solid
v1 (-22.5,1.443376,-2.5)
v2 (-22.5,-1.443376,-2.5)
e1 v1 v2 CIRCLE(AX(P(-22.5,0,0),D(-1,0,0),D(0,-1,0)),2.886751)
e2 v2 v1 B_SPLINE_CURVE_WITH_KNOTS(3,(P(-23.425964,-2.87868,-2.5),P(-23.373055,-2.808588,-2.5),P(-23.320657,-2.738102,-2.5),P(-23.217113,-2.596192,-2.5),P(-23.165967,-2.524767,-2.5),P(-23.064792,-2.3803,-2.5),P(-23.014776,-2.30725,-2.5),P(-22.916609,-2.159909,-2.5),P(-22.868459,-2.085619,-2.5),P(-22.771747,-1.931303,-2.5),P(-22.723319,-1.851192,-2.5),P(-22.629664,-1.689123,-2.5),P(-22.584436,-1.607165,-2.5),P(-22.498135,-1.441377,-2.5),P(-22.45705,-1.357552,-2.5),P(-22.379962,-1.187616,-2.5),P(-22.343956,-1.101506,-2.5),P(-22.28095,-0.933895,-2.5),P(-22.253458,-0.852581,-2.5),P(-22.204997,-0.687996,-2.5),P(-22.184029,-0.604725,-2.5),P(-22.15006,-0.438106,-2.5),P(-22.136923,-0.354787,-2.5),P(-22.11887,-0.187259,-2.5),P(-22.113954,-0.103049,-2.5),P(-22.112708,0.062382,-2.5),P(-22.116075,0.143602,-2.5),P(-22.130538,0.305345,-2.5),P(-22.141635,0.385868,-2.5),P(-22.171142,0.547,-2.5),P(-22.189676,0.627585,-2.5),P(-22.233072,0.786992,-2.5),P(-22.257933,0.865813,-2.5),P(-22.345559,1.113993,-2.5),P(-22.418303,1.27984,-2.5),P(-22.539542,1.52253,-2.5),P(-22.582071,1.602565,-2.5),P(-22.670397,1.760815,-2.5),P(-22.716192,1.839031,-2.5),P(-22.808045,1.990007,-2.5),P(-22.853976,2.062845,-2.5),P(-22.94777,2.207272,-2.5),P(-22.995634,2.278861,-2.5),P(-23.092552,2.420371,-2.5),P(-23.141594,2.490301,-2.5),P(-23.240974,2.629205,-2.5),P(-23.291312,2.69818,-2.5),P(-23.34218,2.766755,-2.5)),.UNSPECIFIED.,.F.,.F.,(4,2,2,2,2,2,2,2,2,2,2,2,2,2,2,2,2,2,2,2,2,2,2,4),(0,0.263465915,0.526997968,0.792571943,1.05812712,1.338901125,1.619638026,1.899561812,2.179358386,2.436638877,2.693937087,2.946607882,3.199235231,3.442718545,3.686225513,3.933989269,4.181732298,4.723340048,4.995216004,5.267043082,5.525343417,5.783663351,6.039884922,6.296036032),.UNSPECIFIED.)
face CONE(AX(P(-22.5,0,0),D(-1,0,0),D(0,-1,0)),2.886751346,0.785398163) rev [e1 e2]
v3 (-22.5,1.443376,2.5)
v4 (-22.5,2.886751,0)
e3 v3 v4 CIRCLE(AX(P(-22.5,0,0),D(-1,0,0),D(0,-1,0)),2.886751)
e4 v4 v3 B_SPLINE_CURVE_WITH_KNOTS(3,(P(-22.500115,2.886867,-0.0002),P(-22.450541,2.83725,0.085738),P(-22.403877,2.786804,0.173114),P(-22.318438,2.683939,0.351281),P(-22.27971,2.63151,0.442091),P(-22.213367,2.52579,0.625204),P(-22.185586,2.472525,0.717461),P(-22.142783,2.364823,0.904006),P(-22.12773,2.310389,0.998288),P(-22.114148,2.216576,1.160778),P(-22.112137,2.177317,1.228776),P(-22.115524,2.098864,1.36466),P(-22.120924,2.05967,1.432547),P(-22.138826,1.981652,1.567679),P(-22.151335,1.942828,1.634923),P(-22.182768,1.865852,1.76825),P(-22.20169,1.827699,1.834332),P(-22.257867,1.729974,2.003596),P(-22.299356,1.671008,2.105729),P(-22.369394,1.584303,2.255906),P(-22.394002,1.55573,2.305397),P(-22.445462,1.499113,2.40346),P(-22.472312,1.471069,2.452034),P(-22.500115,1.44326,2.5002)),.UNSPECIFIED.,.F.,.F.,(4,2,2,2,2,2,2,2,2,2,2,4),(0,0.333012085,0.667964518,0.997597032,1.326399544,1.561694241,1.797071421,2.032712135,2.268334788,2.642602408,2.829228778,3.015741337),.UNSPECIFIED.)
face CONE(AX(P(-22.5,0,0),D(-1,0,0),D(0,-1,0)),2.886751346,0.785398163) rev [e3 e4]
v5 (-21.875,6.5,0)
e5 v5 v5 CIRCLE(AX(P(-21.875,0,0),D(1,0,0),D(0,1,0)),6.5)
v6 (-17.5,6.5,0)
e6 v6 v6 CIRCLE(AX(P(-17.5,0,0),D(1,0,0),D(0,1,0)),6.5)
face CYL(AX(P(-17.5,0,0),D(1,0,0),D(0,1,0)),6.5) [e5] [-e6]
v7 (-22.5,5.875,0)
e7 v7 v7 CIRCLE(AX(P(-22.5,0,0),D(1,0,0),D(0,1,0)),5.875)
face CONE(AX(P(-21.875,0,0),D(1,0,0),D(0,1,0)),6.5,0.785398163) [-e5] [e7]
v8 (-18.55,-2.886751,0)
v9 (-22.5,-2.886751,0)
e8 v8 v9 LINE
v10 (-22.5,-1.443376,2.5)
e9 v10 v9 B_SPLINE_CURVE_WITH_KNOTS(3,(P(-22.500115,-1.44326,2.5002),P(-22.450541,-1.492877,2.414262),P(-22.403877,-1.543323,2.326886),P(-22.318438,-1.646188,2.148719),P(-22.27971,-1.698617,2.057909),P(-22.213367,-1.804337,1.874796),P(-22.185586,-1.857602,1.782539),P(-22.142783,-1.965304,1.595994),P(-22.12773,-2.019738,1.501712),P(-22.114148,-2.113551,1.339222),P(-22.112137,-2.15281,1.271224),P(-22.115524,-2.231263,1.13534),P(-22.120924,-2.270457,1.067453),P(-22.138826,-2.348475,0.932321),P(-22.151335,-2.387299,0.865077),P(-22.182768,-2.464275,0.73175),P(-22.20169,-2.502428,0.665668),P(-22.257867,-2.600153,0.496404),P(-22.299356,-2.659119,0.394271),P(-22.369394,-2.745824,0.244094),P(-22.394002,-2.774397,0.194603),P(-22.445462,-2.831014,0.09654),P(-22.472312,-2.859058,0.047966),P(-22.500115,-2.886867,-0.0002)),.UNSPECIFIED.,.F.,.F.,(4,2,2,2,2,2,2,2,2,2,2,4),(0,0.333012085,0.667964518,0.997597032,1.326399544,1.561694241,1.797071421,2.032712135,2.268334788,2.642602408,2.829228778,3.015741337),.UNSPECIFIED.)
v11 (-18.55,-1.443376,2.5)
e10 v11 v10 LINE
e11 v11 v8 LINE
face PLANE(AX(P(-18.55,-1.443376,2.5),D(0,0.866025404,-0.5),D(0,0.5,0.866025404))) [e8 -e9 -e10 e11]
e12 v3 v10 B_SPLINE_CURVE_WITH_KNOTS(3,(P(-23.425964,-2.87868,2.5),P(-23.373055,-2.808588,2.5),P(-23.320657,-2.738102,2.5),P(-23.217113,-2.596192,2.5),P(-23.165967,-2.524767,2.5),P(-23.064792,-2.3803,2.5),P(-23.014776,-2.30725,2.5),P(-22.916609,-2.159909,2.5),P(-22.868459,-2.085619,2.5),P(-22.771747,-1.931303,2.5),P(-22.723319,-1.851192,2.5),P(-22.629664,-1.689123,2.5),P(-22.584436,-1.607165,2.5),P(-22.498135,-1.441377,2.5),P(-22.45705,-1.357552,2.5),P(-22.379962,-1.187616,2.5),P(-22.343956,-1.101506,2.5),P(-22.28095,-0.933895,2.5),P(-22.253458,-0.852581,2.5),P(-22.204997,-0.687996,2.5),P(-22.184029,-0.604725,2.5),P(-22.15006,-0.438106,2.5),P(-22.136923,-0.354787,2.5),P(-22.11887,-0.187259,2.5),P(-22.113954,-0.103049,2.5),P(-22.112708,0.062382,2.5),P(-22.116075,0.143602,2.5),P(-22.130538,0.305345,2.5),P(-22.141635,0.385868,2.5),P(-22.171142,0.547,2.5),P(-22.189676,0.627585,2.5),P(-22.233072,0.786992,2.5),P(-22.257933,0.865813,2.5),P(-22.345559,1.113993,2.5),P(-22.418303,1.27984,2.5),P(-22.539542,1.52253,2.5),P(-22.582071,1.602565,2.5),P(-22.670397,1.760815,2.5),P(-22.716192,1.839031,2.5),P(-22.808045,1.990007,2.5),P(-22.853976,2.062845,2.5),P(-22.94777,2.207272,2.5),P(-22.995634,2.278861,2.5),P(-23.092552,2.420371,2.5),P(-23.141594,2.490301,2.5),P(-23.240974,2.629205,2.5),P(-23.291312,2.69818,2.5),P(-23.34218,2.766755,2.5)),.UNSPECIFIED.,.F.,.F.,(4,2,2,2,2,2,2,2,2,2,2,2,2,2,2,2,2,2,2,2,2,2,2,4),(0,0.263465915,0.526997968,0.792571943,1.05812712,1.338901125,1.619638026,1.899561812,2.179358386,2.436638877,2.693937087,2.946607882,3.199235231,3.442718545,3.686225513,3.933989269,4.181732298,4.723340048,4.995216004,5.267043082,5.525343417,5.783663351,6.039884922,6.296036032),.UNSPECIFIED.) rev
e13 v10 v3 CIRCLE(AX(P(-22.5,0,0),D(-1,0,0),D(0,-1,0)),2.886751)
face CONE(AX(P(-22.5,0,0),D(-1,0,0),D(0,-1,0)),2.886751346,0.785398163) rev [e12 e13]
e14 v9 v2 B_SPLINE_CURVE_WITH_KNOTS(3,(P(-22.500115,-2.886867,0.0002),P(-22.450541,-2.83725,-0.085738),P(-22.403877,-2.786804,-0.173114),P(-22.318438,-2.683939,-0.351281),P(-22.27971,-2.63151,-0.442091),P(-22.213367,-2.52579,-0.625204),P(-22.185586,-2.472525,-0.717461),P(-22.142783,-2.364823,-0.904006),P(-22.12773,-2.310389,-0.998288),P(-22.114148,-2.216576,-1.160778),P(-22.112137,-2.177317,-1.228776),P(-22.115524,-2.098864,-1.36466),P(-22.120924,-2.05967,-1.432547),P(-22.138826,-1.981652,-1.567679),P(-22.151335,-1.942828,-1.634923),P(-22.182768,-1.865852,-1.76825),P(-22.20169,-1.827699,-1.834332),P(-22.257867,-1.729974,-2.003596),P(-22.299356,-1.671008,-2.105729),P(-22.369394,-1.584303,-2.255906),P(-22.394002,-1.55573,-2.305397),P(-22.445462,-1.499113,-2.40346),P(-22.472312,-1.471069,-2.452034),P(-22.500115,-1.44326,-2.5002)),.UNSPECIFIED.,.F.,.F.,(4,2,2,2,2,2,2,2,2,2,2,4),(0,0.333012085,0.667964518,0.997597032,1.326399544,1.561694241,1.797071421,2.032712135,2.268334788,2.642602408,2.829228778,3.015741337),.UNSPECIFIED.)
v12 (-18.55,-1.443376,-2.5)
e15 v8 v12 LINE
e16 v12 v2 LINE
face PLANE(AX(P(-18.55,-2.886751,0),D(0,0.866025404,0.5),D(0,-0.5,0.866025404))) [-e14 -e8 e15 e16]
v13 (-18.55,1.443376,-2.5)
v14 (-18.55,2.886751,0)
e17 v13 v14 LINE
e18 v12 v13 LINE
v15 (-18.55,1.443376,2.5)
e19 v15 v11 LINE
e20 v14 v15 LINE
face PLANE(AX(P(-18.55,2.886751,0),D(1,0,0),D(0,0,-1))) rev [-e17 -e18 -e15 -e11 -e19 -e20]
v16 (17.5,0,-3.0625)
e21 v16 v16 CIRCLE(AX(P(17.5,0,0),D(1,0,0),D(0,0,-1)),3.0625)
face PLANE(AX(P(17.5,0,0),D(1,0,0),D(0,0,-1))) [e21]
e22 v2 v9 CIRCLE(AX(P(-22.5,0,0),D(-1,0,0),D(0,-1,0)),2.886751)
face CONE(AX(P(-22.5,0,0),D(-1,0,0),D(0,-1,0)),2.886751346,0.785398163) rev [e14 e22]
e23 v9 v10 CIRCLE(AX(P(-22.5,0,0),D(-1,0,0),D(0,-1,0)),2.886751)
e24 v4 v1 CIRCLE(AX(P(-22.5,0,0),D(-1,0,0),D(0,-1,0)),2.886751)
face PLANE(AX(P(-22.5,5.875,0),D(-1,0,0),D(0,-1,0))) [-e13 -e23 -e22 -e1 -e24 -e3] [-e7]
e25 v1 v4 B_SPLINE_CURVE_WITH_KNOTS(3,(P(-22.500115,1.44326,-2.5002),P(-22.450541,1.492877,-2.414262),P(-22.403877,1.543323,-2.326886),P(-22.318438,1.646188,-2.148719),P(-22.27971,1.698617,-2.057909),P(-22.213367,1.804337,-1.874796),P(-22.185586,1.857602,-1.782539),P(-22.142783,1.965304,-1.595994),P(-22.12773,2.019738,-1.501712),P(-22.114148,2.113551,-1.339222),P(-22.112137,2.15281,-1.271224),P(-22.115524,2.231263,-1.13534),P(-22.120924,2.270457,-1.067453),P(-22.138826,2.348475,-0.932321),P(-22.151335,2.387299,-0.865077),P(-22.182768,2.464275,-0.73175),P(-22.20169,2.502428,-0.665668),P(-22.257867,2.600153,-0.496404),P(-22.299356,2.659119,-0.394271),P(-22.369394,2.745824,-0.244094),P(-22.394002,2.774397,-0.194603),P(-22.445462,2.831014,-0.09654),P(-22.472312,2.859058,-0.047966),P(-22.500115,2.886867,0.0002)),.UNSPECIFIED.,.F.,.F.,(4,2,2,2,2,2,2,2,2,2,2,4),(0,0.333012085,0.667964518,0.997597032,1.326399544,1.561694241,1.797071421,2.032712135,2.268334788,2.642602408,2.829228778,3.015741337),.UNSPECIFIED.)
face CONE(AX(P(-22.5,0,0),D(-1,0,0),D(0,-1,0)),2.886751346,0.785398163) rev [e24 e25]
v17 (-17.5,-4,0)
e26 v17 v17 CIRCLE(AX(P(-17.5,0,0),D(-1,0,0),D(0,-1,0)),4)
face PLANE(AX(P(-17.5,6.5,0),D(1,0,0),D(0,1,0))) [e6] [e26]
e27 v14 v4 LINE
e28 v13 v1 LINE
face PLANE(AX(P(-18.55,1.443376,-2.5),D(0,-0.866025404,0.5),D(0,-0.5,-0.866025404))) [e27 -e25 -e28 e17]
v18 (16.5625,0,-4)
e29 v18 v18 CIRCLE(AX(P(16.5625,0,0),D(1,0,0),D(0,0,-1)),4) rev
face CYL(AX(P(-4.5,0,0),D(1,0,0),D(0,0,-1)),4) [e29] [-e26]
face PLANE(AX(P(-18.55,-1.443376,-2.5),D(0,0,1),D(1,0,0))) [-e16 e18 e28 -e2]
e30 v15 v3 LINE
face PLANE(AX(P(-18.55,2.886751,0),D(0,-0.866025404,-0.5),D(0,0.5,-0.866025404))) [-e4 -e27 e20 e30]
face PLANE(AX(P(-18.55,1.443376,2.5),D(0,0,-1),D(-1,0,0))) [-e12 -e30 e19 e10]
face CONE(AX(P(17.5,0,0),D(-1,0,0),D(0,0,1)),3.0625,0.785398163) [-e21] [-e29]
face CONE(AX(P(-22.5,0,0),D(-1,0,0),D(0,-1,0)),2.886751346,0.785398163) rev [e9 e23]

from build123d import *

# Parameters (mm, degrees)
SKETCH2_R           = 4
BOSS_EXTRUDE1_DEPTH = 22
CHAMFER1_SIZE       = 0.9375
CUT_EXTRUDE1_DEPTH  = 3.95


with BuildPart() as part:
    # Sketch2 → Boss-Extrude1 (new body)
    with BuildSketch(Plane(origin=(17.5, 0, 0), x_dir=(0, 0, -1), z_dir=(1, 0, 0))):
        Circle(SKETCH2_R)
    extrude(amount=-BOSS_EXTRUDE1_DEPTH)

    # Chamfer1
    chamfer1_edges = [part.edges().sort_by_distance(p)[0] for p in [
        (17.5, 0, 4),
    ]]
    chamfer(chamfer1_edges, length=CHAMFER1_SIZE)

    # Sketch10 → Revolve2 (revolve)
    with BuildSketch(Plane.XY, mode=Mode.PRIVATE) as revolve2_sk:
        Polygon((-2.190598923, 0), (-4.5, 4), (-17.5, 4), (-17.5, 0), align=None)
    revolve(revolve2_sk.sketch.rotate(Axis((-17.5, 0, 0), (1, 0, 0)), 270), axis=Axis((-17.5, 0, 0), (1, 0, 0)))

    # Sketch6 → Revolve1 (revolve)
    with BuildSketch(Plane.XY):
        Polygon((-21.875, 6.5), (-22.5, 5.875), (-22.5, 0), (-17.5, 0), (-17.5, 6.5), align=None)
    revolve(axis=Axis((-17.5, 0, 0), (-1, 0, 0)))

    # Sketch4 → Cut-Extrude1 (cut)
    with BuildSketch(Plane(origin=(-22.5, 0, 0), x_dir=(0, 0, -1), z_dir=(1, 0, 0))):
        Polygon((0, 2.886751346), (-2.5, 1.443375673), (-2.5, -1.443375673), (0, -2.886751346), (2.5, -1.443375673), (2.5, 1.443375673), align=None)
    extrude(amount=CUT_EXTRUDE1_DEPTH, mode=Mode.SUBTRACT)

    # Cut-Extrude2 cone 1 section (through the dimple's axis) → Cut-Extrude2 (revolve, cut)
    with BuildSketch(Plane(origin=(-22.5, 0, 0), x_dir=(0, 0, 1), z_dir=(0, 1, 0))):
        Polygon((0, 0), (2.886751346, 0), (0, 2.886751346), align=None)
    revolve(axis=Axis((-22.5, 0, 0), (1, 0, 0)), mode=Mode.SUBTRACT)


solid = part.part
